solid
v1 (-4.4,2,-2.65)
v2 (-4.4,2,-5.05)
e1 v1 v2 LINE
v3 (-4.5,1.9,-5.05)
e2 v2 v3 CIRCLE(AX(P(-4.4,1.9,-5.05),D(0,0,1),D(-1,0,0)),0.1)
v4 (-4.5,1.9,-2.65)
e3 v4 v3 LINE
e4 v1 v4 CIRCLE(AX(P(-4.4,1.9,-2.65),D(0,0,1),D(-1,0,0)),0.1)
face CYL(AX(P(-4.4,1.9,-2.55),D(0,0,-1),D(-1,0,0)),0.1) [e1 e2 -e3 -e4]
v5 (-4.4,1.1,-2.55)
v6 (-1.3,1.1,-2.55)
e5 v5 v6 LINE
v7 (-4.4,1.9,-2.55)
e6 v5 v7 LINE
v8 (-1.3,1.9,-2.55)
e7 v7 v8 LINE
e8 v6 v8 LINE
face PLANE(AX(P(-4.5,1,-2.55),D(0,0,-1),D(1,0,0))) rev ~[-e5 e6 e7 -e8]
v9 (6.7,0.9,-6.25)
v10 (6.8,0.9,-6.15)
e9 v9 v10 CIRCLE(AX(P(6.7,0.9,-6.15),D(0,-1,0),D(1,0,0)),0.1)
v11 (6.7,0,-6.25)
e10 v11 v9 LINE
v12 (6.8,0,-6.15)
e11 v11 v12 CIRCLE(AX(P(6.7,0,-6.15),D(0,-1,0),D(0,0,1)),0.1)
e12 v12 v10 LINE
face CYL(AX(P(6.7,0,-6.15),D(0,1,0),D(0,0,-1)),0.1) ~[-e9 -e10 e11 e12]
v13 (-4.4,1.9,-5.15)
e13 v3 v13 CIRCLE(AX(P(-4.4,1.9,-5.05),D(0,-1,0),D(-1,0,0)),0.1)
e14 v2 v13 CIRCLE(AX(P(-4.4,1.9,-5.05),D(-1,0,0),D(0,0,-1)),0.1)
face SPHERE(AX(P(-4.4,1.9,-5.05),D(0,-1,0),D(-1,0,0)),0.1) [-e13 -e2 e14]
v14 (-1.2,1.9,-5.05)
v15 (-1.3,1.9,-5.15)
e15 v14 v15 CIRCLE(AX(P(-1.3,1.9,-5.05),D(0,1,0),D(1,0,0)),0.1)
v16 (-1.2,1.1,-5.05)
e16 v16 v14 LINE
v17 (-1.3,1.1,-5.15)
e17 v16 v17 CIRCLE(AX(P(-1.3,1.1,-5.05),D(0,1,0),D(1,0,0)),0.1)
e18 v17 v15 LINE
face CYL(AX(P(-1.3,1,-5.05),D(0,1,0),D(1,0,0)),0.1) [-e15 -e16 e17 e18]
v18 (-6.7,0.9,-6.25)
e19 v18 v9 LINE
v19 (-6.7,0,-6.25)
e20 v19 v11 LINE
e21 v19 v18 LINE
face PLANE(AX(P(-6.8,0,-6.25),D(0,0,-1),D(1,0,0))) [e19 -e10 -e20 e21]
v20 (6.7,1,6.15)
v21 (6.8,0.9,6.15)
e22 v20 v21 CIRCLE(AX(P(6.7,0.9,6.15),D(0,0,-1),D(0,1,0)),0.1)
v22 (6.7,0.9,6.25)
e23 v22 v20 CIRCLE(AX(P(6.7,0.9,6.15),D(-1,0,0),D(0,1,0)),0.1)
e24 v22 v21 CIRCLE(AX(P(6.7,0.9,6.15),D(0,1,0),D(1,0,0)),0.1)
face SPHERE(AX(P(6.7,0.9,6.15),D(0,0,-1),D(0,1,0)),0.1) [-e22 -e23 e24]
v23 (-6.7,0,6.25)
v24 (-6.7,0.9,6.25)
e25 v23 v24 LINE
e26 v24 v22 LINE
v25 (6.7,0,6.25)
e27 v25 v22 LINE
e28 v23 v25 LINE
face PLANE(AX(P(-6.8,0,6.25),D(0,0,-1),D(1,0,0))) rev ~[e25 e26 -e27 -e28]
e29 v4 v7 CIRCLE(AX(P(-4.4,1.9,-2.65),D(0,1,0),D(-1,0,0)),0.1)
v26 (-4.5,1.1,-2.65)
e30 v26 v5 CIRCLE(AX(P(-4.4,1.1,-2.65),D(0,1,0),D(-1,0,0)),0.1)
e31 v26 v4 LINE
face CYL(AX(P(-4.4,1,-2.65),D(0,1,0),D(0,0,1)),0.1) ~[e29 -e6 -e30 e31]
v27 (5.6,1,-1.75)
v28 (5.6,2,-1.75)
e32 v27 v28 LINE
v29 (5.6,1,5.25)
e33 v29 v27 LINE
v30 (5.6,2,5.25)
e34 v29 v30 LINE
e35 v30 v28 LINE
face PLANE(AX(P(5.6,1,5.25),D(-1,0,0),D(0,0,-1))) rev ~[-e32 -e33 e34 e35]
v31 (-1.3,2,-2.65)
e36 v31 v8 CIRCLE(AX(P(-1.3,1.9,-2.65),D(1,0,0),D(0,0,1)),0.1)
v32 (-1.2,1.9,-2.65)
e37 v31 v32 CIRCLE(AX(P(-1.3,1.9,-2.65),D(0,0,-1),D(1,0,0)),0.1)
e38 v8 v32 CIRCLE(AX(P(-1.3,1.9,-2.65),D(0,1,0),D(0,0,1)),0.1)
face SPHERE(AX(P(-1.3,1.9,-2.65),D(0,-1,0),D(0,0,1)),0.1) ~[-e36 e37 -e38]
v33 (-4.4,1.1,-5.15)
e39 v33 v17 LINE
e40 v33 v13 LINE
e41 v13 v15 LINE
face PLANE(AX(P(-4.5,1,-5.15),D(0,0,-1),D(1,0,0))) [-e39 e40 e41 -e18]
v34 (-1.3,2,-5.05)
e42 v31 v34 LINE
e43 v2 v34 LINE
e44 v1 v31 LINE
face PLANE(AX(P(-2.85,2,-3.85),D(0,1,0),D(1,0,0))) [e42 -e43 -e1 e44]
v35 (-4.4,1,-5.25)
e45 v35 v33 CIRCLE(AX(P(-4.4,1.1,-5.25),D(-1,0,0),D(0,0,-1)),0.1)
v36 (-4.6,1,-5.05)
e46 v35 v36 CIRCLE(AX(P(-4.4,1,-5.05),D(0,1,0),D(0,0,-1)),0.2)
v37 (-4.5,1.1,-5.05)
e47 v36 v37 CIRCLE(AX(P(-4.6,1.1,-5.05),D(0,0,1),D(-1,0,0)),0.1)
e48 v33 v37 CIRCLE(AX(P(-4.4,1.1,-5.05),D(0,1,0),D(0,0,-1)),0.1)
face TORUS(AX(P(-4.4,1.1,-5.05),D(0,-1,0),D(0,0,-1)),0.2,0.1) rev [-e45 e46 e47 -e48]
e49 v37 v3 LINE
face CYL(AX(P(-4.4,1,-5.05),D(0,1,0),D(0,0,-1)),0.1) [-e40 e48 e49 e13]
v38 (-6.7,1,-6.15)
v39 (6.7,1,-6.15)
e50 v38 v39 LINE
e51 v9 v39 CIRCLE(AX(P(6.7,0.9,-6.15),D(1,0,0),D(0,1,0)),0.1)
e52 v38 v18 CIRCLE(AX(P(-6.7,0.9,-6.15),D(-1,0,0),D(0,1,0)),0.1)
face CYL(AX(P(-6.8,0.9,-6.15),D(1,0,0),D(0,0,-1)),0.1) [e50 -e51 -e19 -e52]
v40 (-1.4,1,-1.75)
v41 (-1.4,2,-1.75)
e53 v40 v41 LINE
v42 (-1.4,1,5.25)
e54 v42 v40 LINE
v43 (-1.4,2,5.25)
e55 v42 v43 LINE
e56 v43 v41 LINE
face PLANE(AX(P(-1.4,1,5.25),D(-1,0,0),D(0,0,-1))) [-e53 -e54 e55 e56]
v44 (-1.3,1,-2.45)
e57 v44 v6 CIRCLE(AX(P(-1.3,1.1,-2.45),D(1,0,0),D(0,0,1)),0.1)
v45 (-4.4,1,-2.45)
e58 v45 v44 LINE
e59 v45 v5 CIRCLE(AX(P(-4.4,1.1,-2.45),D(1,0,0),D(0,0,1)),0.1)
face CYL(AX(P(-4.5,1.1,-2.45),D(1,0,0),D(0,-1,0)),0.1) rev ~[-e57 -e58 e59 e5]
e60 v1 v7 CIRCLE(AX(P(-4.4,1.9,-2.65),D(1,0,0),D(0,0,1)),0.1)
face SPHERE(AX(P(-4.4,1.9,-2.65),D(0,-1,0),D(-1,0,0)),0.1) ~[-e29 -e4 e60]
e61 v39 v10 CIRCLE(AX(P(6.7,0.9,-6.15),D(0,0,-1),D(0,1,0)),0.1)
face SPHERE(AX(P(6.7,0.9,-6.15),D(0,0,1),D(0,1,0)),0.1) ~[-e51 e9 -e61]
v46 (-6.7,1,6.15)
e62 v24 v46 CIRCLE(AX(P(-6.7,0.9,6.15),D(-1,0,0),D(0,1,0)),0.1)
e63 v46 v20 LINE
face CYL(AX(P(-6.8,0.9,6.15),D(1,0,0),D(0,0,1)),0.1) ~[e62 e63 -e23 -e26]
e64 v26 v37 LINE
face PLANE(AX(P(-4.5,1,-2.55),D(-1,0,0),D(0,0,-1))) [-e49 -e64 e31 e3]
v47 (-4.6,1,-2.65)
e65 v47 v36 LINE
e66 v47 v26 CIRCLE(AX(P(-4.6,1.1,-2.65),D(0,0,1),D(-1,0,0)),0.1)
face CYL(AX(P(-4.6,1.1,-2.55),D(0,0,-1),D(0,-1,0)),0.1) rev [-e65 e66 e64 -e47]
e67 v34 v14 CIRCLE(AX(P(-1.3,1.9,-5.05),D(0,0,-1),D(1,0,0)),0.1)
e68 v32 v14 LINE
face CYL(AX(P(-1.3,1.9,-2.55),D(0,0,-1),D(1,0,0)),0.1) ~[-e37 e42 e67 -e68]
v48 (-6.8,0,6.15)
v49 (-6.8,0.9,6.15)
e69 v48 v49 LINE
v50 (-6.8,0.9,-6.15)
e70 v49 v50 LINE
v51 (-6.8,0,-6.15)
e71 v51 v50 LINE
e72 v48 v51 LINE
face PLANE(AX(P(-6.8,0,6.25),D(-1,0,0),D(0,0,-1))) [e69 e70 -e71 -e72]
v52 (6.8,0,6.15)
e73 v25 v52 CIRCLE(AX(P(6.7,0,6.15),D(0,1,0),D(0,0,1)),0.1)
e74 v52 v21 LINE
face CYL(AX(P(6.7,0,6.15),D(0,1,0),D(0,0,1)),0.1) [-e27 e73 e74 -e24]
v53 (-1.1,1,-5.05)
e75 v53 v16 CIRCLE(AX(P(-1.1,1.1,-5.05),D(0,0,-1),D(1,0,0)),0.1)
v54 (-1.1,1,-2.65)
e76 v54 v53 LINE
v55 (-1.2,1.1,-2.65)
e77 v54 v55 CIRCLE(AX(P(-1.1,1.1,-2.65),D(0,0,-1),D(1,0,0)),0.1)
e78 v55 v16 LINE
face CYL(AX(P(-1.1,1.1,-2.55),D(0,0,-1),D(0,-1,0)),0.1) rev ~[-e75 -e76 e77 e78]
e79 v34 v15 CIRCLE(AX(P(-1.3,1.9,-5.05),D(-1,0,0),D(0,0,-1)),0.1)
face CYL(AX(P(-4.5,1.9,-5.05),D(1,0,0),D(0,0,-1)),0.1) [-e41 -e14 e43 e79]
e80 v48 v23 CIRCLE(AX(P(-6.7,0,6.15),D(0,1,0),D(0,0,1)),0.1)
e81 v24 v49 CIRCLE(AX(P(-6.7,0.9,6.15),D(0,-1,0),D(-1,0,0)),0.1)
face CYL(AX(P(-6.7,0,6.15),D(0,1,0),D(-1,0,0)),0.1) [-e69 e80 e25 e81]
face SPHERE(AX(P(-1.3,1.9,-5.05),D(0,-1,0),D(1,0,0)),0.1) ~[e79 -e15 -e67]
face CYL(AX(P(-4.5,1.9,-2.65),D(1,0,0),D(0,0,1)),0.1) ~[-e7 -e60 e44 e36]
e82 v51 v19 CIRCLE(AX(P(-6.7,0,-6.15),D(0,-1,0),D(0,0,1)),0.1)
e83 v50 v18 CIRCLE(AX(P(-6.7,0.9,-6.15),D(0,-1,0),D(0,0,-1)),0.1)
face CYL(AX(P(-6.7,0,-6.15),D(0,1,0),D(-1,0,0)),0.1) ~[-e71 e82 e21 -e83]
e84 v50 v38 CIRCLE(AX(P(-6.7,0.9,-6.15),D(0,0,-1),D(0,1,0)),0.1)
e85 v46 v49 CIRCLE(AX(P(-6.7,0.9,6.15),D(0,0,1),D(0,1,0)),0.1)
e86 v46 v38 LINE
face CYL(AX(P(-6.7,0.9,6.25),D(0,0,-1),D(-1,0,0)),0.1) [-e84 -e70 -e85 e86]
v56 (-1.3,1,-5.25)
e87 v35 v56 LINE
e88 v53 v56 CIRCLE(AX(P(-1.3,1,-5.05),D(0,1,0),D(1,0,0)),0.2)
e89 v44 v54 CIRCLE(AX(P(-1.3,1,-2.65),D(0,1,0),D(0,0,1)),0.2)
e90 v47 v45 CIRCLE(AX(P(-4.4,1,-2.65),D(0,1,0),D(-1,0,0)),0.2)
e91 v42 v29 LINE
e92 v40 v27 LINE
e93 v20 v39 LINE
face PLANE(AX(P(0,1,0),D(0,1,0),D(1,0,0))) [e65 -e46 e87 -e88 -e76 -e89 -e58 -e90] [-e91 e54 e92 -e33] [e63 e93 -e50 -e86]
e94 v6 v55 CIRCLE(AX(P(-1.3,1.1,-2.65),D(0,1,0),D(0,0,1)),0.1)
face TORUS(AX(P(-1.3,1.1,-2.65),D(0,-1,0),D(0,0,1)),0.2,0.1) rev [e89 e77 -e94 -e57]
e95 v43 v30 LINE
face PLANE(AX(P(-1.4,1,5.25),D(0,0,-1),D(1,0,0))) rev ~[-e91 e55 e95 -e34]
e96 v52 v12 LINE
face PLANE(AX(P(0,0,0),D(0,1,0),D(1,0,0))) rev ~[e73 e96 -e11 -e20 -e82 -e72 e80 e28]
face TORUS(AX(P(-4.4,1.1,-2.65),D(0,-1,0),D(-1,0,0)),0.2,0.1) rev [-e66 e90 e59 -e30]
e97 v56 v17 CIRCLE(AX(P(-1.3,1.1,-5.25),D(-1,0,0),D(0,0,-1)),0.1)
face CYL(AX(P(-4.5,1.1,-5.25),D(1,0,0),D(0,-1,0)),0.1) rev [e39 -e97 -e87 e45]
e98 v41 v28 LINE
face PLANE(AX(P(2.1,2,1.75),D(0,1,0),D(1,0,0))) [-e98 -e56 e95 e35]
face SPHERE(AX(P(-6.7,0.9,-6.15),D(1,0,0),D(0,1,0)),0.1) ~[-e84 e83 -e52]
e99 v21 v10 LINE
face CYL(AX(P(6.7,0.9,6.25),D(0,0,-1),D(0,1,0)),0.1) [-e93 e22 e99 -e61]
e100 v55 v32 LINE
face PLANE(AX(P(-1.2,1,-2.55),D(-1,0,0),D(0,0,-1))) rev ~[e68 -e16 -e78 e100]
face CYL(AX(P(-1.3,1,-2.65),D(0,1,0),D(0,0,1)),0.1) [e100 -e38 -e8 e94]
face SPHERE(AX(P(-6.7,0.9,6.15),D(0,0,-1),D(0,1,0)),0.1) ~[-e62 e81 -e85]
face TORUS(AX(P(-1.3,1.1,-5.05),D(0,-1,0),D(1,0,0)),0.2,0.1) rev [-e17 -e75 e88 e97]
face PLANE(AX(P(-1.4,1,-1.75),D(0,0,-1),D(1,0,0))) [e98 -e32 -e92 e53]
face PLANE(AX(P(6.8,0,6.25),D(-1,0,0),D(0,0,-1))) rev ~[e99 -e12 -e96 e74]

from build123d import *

# Parameters (mm, degrees)
SKETCH1_W           = 13.6
SKETCH1_H           = 12.5
BOSS_EXTRUDE1_DEPTH = 1
SKETCH2_W           = 7
SKETCH2_H           = 7
BOSS_EXTRUDE2_DEPTH = 1
SKETCH3_W           = 3.3
SKETCH3_H           = 2.6
BOSS_EXTRUDE3_DEPTH = 1
FILLET1_R           = 0.1


with BuildPart() as part:
    # Sketch1 → Boss-Extrude1 (new body)
    with BuildSketch(Plane(origin=(0, 0, 0), x_dir=(1, 0, 0), z_dir=(0, 1, 0))):
        Rectangle(SKETCH1_W, SKETCH1_H)
    extrude(amount=BOSS_EXTRUDE1_DEPTH)

    # Sketch2 → Boss-Extrude2 (add)
    with BuildSketch(Plane(origin=(0, 1, 0), x_dir=(1, 0, 0), z_dir=(0, 1, 0))):
        with Locations((2.1, -1.75)):
            Rectangle(SKETCH2_W, SKETCH2_H)
    extrude(amount=BOSS_EXTRUDE2_DEPTH)

    # Sketch3 → Boss-Extrude3 (add)
    with BuildSketch(Plane(origin=(0, 1, 0), x_dir=(1, 0, 0), z_dir=(0, 1, 0))):
        with Locations((-2.85, 3.85)):
            Rectangle(SKETCH3_W, SKETCH3_H)
    extrude(amount=BOSS_EXTRUDE3_DEPTH)

    # Fillet1
    fillet1_edges = [part.edges().sort_by_distance(p)[0] for p in [
        (6.8, 1, 0),
        (0, 1, -6.25),
        (-4.5, 1, -3.85),
        (-4.5, 1.5, -5.15),
        (-2.85, 1, -2.55),
        (-4.5, 1.5, -2.55),
        (-1.2, 1, -3.85),
        (-1.2, 1.5, -2.55),
        (-2.85, 1, -5.15),
        (-1.2, 1.5, -5.15),
        (-4.5, 2, -3.85),
        (-2.85, 2, -2.55),
        (-1.2, 2, -3.85),
        (-2.85, 2, -5.15),
        (-6.8, 1, 0),
        (0, 1, 6.25),
        (-6.8, 0.5, -6.25),
        (6.8, 0.5, -6.25),
        (6.8, 0.5, 6.25),
        (-6.8, 0.5, 6.25),
    ]]
    fillet(fillet1_edges, radius=FILLET1_R)


solid = part.part
